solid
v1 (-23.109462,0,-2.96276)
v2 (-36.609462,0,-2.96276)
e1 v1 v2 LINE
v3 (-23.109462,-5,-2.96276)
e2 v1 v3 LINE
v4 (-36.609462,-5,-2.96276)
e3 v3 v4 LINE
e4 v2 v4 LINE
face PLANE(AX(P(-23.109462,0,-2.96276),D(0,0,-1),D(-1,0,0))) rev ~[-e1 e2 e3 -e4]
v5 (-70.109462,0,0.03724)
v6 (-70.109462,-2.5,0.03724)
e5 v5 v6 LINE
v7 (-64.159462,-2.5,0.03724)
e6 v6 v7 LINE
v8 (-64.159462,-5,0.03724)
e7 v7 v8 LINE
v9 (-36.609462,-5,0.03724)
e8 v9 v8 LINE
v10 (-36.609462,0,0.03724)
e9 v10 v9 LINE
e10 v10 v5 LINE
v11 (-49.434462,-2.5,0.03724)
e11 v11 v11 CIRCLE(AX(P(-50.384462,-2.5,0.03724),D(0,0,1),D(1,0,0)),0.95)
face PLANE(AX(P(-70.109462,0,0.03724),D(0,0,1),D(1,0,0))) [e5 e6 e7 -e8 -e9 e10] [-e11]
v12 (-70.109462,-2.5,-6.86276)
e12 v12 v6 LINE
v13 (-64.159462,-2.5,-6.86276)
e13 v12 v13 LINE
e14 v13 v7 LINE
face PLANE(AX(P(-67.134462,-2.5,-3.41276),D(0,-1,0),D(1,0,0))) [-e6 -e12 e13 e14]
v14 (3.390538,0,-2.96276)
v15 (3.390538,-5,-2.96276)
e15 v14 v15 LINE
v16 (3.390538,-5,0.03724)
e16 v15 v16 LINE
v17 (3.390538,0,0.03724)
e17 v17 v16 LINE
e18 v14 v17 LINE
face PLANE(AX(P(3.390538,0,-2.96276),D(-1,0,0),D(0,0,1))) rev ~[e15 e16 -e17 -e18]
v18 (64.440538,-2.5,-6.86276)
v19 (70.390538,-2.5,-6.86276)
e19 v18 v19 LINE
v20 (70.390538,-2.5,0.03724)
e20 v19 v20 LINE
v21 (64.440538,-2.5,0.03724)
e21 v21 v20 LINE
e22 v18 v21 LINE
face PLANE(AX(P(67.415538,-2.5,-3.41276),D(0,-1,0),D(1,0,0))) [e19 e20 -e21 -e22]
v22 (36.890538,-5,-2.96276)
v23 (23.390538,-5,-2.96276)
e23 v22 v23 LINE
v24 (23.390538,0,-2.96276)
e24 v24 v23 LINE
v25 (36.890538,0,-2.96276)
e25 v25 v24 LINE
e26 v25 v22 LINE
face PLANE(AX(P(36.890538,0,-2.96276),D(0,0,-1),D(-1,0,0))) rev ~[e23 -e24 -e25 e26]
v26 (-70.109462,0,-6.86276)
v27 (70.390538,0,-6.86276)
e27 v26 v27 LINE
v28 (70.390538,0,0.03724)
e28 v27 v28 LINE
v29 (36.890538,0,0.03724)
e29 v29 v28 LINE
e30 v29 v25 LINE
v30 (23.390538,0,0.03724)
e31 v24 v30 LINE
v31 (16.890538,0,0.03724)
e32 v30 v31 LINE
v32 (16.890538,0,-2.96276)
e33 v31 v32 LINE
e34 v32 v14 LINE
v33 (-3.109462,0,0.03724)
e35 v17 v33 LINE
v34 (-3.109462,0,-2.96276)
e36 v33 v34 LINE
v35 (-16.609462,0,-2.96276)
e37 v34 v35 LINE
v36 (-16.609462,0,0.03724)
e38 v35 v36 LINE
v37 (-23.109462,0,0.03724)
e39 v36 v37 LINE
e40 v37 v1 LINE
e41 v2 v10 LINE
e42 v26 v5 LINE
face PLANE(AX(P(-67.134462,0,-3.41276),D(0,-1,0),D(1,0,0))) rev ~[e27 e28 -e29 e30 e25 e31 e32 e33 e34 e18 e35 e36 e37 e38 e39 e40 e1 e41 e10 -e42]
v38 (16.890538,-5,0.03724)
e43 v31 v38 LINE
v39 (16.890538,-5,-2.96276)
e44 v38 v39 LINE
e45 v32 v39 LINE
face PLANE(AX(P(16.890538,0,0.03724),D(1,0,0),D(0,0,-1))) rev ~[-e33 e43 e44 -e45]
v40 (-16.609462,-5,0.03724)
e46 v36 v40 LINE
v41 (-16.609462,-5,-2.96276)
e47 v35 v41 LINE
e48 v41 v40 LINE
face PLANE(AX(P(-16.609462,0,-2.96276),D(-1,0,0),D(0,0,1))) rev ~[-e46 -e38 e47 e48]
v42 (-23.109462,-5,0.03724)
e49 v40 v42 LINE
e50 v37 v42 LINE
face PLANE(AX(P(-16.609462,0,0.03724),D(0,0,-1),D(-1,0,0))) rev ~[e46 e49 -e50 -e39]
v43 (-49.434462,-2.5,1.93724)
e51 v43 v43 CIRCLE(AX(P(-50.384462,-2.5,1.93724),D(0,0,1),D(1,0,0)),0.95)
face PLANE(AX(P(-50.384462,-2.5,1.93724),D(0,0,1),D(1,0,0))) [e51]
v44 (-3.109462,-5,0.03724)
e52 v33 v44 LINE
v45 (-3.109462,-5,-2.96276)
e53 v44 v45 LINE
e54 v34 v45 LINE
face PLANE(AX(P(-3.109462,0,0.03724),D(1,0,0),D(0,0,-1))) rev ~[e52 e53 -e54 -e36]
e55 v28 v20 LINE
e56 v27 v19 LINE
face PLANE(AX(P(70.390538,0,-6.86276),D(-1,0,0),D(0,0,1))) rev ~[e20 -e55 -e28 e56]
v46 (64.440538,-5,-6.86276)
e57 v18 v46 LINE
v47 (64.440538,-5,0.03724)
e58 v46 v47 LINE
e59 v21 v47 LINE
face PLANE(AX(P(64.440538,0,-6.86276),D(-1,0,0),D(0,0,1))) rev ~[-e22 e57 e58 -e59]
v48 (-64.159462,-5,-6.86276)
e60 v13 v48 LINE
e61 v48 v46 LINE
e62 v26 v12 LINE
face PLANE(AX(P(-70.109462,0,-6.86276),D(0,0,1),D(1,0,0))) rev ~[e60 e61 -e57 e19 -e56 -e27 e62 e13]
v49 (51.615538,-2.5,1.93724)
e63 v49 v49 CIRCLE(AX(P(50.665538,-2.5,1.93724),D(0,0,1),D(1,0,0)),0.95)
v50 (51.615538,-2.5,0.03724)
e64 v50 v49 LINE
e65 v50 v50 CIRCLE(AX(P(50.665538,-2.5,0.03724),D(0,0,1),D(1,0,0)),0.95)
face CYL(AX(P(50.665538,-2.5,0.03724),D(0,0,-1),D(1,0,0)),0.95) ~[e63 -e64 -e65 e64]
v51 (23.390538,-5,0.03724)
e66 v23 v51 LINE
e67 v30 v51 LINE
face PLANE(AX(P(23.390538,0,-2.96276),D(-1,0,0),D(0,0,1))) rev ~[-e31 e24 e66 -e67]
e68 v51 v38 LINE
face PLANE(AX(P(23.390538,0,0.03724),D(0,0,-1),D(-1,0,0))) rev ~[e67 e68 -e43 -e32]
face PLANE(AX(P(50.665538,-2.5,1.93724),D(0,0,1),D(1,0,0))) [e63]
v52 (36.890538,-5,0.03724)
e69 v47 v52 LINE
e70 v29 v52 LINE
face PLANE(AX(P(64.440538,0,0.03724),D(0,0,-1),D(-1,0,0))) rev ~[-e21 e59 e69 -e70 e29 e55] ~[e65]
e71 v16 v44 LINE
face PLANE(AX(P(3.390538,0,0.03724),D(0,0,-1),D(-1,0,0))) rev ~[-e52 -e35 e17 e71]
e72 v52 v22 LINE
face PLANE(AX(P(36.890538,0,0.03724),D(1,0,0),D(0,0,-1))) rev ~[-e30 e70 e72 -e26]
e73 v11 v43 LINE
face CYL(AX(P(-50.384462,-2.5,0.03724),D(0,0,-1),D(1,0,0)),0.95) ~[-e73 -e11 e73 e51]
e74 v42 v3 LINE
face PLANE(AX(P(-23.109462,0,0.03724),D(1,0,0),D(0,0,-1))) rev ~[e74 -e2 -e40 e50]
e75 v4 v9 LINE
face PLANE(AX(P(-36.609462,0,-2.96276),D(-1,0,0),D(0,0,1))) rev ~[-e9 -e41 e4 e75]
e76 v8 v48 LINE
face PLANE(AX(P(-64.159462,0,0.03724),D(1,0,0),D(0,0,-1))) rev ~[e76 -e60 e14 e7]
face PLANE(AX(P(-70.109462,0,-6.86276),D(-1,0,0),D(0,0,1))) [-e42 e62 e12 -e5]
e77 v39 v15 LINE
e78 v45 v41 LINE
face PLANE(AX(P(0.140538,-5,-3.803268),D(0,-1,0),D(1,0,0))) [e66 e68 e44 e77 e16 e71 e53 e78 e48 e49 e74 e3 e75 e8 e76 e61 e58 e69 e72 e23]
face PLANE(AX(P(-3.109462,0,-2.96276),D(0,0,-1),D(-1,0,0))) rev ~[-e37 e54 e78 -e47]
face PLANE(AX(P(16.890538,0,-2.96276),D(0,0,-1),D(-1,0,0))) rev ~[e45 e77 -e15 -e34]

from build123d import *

# Parameters (mm, degrees)
F1_DEPTH = 5
F0_W     = 5.95
F0_H     = 6.9
F2_DEPTH = 2.5
F5_R     = 0.95
F6_DEPTH = 1.9
F4_R     = 0.95
F7_DEPTH = 1.9


with BuildPart() as f1:
    # F0 (on Front) → F1 (new body)
    with BuildSketch(Plane.XZ):
        Polygon((64.440538, -6.86276), (64.440538, 0.03724), (36.890538, 0.03724), (36.890538, -2.96276), (23.390538, -2.96276), (23.390538, 0.03724), (16.890538, 0.03724), (16.890538, -2.96276), (3.390538, -2.96276), (3.390538, 0.03724), (-3.109462, 0.03724), (-3.109462, -2.96276), (-16.609462, -2.96276), (-16.609462, 0.03724), (-23.109462, 0.03724), (-23.109462, -2.96276), (-36.609462, -2.96276), (-36.609462, 0.03724), (-64.159462, 0.03724), (-64.159462, -6.86276), align=None)
    extrude(amount=F1_DEPTH)

    # F0 (on Front) → F2 (join)
    with BuildSketch(Plane.XZ):
        with Locations((-67.134462, -3.41276)):
            Rectangle(F0_W, F0_H)
        with Locations((67.415538, -3.41276)):
            Rectangle(F0_W, F0_H)
    extrude(amount=F2_DEPTH)

    # F5 (on face) → F6 (join)
    with BuildSketch(Plane.XY.offset(0.03724)):
        with Locations((-50.384462, -2.5)):
            Circle(F5_R)
    extrude(amount=F6_DEPTH)

    # F4 (on face) → F7 (join)
    with BuildSketch(Plane.XY.offset(0.03724)):
        with Locations((50.665538, -2.5)):
            Circle(F4_R)
    extrude(amount=F7_DEPTH)


solid = f1.part
